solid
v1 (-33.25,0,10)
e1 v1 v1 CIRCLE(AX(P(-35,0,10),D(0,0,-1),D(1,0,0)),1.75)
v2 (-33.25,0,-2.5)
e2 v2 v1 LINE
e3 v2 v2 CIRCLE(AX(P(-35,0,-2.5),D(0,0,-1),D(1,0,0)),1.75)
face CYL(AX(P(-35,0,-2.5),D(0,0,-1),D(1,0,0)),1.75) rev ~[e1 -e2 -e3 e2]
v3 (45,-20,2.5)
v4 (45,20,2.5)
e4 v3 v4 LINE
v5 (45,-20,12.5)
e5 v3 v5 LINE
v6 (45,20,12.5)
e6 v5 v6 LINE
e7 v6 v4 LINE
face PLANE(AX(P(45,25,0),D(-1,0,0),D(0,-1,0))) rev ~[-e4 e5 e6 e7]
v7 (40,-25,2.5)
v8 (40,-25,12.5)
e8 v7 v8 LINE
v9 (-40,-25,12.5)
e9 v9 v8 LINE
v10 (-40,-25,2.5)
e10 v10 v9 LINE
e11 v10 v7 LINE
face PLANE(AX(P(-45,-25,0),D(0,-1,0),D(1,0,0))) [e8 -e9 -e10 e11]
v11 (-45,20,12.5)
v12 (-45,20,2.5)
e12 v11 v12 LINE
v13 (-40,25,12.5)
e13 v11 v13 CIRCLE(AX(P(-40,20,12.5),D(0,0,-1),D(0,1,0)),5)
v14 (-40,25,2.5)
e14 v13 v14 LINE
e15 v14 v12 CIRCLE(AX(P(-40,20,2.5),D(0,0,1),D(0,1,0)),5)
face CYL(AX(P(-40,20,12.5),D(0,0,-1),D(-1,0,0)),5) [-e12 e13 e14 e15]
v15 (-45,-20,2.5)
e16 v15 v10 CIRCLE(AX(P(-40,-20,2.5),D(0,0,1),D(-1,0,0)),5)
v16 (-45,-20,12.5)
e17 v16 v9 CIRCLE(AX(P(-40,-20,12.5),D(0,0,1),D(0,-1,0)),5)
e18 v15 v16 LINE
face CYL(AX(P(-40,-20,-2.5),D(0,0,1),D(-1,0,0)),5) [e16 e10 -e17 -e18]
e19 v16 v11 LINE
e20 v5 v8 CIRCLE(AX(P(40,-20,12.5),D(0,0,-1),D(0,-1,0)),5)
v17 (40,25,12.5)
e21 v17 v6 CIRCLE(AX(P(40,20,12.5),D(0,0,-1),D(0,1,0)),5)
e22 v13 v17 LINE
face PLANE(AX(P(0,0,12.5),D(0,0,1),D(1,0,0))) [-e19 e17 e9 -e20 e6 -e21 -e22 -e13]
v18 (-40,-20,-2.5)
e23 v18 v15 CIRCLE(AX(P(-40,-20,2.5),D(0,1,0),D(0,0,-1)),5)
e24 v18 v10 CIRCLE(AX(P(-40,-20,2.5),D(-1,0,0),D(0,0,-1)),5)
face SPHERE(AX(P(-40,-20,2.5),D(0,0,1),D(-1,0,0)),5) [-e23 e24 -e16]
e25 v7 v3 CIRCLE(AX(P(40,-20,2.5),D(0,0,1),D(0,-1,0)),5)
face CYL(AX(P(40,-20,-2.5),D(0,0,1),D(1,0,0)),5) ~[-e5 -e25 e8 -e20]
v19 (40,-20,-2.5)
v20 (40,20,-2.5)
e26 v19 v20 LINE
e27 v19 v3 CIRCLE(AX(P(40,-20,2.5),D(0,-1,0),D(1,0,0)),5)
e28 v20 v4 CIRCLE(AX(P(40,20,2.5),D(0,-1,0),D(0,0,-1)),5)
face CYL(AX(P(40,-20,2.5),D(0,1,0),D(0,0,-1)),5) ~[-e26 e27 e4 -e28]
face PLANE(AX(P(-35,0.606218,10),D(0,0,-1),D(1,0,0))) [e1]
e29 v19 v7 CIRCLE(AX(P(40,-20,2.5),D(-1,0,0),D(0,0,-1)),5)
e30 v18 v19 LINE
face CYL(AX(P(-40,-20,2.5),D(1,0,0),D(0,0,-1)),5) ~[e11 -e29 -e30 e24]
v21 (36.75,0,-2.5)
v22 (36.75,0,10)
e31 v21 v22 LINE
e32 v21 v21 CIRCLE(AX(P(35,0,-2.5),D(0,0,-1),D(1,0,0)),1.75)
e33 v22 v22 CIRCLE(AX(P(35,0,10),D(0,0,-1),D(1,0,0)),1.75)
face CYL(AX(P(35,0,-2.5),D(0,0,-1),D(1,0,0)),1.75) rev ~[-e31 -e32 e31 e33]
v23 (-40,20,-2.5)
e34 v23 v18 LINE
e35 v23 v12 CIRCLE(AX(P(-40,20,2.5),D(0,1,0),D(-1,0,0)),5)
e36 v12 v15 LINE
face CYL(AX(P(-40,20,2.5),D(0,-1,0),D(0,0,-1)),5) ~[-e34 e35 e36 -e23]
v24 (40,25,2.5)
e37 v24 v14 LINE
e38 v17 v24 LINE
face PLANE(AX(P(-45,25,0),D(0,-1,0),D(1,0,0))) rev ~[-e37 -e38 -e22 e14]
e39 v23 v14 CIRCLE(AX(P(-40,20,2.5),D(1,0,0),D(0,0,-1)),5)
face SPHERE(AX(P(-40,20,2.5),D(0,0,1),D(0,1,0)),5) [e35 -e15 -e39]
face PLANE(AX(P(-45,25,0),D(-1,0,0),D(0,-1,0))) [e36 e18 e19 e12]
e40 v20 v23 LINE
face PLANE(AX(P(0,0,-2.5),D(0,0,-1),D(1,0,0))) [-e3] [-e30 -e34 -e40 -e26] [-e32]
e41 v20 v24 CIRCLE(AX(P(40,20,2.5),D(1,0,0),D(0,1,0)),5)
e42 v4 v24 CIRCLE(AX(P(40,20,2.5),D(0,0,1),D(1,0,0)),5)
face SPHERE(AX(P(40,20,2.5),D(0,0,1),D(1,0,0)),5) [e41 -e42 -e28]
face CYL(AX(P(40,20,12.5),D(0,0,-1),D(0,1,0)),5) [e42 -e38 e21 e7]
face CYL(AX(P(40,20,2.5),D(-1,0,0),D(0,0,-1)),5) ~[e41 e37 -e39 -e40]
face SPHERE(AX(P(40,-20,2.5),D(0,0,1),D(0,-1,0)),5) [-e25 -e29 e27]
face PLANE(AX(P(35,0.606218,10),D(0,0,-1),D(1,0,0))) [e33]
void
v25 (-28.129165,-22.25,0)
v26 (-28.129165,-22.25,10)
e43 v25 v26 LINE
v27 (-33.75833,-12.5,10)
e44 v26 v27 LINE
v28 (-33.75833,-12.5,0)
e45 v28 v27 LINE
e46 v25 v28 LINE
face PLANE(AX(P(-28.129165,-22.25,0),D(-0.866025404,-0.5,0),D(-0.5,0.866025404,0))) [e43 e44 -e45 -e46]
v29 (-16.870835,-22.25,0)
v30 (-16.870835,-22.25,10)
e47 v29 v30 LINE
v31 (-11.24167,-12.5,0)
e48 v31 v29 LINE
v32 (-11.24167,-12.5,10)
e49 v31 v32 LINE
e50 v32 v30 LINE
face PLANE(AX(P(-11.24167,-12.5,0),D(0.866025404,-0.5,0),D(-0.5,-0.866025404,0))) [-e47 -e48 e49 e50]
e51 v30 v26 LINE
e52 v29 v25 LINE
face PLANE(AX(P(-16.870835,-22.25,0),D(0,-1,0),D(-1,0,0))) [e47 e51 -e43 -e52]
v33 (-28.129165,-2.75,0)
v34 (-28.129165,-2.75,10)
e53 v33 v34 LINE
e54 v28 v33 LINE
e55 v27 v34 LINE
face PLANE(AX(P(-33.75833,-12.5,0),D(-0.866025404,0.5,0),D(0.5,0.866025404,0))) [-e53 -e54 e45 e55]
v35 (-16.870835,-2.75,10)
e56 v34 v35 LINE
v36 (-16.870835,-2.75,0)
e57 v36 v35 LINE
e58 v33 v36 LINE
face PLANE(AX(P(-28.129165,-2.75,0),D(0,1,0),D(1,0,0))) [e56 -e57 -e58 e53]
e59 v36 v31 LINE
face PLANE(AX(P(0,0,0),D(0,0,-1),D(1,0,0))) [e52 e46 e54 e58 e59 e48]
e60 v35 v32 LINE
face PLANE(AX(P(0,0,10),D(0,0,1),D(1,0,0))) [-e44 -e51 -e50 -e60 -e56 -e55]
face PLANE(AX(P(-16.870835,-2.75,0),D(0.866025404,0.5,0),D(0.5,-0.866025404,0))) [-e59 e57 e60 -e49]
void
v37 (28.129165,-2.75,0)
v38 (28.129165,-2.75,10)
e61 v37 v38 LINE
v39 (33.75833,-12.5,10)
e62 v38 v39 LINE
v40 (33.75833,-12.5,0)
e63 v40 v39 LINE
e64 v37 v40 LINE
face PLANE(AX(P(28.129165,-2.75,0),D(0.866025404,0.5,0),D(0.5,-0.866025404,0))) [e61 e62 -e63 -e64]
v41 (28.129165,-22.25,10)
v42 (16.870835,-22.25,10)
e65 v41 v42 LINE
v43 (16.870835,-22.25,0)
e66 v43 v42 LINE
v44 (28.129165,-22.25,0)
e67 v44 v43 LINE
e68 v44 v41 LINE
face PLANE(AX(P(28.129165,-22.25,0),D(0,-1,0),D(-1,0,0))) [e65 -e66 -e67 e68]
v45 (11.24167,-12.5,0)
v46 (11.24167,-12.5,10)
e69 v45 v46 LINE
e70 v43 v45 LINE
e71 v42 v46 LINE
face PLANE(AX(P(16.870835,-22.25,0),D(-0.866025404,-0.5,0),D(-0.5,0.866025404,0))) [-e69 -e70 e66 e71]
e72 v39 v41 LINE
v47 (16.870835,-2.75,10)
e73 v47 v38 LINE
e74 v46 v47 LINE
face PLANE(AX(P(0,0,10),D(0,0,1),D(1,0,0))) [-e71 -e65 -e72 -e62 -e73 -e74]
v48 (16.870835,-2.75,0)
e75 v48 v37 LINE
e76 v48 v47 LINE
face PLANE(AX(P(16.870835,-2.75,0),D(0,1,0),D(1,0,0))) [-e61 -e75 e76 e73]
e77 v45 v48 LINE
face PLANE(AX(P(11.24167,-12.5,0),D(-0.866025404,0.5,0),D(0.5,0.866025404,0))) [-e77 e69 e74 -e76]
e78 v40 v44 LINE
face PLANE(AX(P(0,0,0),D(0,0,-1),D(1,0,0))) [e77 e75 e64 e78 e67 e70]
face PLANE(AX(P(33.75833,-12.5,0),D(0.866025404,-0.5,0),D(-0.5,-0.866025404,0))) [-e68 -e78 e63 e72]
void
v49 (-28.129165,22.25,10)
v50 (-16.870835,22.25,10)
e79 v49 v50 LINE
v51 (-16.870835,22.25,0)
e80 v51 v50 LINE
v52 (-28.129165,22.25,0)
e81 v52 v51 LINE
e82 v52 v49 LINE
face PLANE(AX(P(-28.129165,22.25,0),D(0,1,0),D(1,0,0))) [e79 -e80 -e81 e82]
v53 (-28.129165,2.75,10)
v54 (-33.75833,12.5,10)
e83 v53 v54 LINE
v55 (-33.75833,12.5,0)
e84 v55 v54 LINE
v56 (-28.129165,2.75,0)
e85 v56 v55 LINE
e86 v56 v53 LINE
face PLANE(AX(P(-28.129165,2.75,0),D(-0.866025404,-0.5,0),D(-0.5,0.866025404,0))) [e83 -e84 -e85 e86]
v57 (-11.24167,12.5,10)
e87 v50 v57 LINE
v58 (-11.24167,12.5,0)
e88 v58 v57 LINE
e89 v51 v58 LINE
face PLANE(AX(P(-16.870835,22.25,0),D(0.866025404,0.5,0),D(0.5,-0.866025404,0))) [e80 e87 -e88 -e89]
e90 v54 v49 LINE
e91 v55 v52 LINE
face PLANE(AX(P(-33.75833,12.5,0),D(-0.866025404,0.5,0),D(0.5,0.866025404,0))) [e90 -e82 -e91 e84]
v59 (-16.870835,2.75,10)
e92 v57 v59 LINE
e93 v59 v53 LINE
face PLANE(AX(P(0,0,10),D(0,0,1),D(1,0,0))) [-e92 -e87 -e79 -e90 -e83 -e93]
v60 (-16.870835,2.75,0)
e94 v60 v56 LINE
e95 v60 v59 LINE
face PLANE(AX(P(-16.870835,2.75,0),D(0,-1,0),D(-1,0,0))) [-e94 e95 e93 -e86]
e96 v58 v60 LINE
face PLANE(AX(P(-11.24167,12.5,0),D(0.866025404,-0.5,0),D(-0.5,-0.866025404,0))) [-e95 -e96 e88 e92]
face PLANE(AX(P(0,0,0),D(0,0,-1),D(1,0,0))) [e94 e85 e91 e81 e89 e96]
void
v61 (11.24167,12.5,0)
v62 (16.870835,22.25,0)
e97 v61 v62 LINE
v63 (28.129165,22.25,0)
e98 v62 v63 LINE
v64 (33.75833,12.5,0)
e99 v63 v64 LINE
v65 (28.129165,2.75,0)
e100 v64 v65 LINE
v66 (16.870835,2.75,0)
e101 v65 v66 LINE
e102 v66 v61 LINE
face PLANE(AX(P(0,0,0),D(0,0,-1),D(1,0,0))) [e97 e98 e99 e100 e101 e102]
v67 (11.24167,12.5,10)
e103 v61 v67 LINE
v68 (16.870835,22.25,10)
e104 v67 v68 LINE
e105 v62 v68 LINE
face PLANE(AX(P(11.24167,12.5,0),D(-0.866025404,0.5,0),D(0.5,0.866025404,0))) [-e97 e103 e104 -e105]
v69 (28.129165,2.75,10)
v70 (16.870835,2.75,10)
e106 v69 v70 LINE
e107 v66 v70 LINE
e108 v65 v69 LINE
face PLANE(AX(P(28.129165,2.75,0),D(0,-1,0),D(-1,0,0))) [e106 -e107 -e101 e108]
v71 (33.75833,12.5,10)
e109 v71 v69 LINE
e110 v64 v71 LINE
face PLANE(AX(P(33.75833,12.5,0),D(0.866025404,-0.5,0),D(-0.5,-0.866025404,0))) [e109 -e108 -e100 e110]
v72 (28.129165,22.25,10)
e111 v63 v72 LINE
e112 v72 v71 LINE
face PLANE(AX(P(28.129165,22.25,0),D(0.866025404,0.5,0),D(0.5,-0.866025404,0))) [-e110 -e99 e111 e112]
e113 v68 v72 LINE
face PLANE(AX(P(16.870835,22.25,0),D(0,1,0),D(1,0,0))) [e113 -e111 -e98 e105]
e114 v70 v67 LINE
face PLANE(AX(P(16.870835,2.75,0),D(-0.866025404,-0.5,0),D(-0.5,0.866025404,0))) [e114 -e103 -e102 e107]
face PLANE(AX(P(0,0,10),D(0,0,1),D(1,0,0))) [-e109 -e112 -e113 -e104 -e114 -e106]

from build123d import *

# Parameters (mm, degrees)
F0_W     = 90
F0_H     = 50
F1_DEPTH = 10
F2_W     = 90
F2_H     = 50
F3_DEPTH = 2.5
F4_W     = 90
F4_H     = 50
F5_DEPTH = 2.5
F6_R     = 5
F7_R     = 5
F9_DEPTH = 12.5


with BuildPart() as f1:
    # F0 (on Top) → F1 (new body)
    with BuildSketch(Plane.XY):
        Rectangle(F0_W, F0_H)
        Polygon((-28.1291651246, -2.75), (-16.8708348754, -2.75), (-11.2416697508, -12.5), (-16.8708348754, -22.25), (-28.1291651246, -22.25), (-33.7583302492, -12.5), align=None, mode=Mode.SUBTRACT)
        Polygon((16.8708348754, -2.75), (28.1291651246, -2.75), (33.7583302492, -12.5), (28.1291651246, -22.25), (16.8708348754, -22.25), (11.2416697508, -12.5), align=None, mode=Mode.SUBTRACT)
        Polygon((-28.1291651246, 22.25), (-16.8708348754, 22.25), (-11.2416697508, 12.5), (-16.8708348754, 2.75), (-28.1291651246, 2.75), (-33.7583302492, 12.5), align=None, mode=Mode.SUBTRACT)
        Polygon((11.2416697508, 12.5), (16.8708348754, 22.25), (28.1291651246, 22.25), (33.7583302492, 12.5), (28.1291651246, 2.75), (16.8708348754, 2.75), align=None, mode=Mode.SUBTRACT)
    extrude(amount=F1_DEPTH)

    # F2 (on face) → F3 (join)
    with BuildSketch(Plane.XY.offset(10)):
        Rectangle(F2_W, F2_H)
    extrude(amount=F3_DEPTH)

    # F4 (on face) → F5 (join)
    with BuildSketch(Plane(origin=(0, 0, 0), x_dir=(1, 0, 0), z_dir=(0, 0, -1))):
        Rectangle(F4_W, F4_H)
    extrude(amount=F5_DEPTH)

    # F6
    f6_edges = [f1.edges().sort_by_distance(p)[0] for p in [
        (-45, 25, 5),
        (45, 25, 5),
        (45, -25, 5),
        (-45, -25, 5),
    ]]
    fillet(f6_edges, radius=F6_R)

    # F7
    f7_edges = [f1.edges().sort_by_distance(p)[0] for p in [
        (0, -25, -2.5),
        (43.535534, -23.535534, -2.5),
        (45, 0, -2.5),
        (43.535534, 23.535534, -2.5),
        (0, 25, -2.5),
        (-45, 0, -2.5),
        (-43.535534, 23.535534, -2.5),
        (-43.535534, -23.535534, -2.5),
    ]]
    fillet(f7_edges, radius=F7_R)

    # F8 (on face) → F9 (cut)
    with BuildSketch(Plane(origin=(0, 0, -2.5), x_dir=(1, 0, 0), z_dir=(0, 0, -1))):
        with BuildLine():
            Line((-33.25, 0), (-35, 0))
            Line((-35, 0), (-36.75, 0))
            ThreePointArc((-36.75, 0), (-35, -1.75), (-33.25, 0))
        make_face()
        with BuildLine():
            Line((-36.75, 0), (-35, 0))
            Line((-35, 0), (-33.25, 0))
            ThreePointArc((-33.25, 0), (-35, 1.75), (-36.75, 0))
        make_face()
        with BuildLine():
            Line((35, 0), (33.25, 0))
            ThreePointArc((33.25, 0), (35, -1.75), (36.75, 0))
            Line((36.75, 0), (35, 0))
        make_face()
        with BuildLine():
            ThreePointArc((36.75, 0), (35, 1.75), (33.25, 0))
            Line((33.25, 0), (35, 0))
            Line((35, 0), (36.75, 0))
        make_face()
    extrude(amount=-F9_DEPTH, mode=Mode.SUBTRACT)


solid = f1.part
